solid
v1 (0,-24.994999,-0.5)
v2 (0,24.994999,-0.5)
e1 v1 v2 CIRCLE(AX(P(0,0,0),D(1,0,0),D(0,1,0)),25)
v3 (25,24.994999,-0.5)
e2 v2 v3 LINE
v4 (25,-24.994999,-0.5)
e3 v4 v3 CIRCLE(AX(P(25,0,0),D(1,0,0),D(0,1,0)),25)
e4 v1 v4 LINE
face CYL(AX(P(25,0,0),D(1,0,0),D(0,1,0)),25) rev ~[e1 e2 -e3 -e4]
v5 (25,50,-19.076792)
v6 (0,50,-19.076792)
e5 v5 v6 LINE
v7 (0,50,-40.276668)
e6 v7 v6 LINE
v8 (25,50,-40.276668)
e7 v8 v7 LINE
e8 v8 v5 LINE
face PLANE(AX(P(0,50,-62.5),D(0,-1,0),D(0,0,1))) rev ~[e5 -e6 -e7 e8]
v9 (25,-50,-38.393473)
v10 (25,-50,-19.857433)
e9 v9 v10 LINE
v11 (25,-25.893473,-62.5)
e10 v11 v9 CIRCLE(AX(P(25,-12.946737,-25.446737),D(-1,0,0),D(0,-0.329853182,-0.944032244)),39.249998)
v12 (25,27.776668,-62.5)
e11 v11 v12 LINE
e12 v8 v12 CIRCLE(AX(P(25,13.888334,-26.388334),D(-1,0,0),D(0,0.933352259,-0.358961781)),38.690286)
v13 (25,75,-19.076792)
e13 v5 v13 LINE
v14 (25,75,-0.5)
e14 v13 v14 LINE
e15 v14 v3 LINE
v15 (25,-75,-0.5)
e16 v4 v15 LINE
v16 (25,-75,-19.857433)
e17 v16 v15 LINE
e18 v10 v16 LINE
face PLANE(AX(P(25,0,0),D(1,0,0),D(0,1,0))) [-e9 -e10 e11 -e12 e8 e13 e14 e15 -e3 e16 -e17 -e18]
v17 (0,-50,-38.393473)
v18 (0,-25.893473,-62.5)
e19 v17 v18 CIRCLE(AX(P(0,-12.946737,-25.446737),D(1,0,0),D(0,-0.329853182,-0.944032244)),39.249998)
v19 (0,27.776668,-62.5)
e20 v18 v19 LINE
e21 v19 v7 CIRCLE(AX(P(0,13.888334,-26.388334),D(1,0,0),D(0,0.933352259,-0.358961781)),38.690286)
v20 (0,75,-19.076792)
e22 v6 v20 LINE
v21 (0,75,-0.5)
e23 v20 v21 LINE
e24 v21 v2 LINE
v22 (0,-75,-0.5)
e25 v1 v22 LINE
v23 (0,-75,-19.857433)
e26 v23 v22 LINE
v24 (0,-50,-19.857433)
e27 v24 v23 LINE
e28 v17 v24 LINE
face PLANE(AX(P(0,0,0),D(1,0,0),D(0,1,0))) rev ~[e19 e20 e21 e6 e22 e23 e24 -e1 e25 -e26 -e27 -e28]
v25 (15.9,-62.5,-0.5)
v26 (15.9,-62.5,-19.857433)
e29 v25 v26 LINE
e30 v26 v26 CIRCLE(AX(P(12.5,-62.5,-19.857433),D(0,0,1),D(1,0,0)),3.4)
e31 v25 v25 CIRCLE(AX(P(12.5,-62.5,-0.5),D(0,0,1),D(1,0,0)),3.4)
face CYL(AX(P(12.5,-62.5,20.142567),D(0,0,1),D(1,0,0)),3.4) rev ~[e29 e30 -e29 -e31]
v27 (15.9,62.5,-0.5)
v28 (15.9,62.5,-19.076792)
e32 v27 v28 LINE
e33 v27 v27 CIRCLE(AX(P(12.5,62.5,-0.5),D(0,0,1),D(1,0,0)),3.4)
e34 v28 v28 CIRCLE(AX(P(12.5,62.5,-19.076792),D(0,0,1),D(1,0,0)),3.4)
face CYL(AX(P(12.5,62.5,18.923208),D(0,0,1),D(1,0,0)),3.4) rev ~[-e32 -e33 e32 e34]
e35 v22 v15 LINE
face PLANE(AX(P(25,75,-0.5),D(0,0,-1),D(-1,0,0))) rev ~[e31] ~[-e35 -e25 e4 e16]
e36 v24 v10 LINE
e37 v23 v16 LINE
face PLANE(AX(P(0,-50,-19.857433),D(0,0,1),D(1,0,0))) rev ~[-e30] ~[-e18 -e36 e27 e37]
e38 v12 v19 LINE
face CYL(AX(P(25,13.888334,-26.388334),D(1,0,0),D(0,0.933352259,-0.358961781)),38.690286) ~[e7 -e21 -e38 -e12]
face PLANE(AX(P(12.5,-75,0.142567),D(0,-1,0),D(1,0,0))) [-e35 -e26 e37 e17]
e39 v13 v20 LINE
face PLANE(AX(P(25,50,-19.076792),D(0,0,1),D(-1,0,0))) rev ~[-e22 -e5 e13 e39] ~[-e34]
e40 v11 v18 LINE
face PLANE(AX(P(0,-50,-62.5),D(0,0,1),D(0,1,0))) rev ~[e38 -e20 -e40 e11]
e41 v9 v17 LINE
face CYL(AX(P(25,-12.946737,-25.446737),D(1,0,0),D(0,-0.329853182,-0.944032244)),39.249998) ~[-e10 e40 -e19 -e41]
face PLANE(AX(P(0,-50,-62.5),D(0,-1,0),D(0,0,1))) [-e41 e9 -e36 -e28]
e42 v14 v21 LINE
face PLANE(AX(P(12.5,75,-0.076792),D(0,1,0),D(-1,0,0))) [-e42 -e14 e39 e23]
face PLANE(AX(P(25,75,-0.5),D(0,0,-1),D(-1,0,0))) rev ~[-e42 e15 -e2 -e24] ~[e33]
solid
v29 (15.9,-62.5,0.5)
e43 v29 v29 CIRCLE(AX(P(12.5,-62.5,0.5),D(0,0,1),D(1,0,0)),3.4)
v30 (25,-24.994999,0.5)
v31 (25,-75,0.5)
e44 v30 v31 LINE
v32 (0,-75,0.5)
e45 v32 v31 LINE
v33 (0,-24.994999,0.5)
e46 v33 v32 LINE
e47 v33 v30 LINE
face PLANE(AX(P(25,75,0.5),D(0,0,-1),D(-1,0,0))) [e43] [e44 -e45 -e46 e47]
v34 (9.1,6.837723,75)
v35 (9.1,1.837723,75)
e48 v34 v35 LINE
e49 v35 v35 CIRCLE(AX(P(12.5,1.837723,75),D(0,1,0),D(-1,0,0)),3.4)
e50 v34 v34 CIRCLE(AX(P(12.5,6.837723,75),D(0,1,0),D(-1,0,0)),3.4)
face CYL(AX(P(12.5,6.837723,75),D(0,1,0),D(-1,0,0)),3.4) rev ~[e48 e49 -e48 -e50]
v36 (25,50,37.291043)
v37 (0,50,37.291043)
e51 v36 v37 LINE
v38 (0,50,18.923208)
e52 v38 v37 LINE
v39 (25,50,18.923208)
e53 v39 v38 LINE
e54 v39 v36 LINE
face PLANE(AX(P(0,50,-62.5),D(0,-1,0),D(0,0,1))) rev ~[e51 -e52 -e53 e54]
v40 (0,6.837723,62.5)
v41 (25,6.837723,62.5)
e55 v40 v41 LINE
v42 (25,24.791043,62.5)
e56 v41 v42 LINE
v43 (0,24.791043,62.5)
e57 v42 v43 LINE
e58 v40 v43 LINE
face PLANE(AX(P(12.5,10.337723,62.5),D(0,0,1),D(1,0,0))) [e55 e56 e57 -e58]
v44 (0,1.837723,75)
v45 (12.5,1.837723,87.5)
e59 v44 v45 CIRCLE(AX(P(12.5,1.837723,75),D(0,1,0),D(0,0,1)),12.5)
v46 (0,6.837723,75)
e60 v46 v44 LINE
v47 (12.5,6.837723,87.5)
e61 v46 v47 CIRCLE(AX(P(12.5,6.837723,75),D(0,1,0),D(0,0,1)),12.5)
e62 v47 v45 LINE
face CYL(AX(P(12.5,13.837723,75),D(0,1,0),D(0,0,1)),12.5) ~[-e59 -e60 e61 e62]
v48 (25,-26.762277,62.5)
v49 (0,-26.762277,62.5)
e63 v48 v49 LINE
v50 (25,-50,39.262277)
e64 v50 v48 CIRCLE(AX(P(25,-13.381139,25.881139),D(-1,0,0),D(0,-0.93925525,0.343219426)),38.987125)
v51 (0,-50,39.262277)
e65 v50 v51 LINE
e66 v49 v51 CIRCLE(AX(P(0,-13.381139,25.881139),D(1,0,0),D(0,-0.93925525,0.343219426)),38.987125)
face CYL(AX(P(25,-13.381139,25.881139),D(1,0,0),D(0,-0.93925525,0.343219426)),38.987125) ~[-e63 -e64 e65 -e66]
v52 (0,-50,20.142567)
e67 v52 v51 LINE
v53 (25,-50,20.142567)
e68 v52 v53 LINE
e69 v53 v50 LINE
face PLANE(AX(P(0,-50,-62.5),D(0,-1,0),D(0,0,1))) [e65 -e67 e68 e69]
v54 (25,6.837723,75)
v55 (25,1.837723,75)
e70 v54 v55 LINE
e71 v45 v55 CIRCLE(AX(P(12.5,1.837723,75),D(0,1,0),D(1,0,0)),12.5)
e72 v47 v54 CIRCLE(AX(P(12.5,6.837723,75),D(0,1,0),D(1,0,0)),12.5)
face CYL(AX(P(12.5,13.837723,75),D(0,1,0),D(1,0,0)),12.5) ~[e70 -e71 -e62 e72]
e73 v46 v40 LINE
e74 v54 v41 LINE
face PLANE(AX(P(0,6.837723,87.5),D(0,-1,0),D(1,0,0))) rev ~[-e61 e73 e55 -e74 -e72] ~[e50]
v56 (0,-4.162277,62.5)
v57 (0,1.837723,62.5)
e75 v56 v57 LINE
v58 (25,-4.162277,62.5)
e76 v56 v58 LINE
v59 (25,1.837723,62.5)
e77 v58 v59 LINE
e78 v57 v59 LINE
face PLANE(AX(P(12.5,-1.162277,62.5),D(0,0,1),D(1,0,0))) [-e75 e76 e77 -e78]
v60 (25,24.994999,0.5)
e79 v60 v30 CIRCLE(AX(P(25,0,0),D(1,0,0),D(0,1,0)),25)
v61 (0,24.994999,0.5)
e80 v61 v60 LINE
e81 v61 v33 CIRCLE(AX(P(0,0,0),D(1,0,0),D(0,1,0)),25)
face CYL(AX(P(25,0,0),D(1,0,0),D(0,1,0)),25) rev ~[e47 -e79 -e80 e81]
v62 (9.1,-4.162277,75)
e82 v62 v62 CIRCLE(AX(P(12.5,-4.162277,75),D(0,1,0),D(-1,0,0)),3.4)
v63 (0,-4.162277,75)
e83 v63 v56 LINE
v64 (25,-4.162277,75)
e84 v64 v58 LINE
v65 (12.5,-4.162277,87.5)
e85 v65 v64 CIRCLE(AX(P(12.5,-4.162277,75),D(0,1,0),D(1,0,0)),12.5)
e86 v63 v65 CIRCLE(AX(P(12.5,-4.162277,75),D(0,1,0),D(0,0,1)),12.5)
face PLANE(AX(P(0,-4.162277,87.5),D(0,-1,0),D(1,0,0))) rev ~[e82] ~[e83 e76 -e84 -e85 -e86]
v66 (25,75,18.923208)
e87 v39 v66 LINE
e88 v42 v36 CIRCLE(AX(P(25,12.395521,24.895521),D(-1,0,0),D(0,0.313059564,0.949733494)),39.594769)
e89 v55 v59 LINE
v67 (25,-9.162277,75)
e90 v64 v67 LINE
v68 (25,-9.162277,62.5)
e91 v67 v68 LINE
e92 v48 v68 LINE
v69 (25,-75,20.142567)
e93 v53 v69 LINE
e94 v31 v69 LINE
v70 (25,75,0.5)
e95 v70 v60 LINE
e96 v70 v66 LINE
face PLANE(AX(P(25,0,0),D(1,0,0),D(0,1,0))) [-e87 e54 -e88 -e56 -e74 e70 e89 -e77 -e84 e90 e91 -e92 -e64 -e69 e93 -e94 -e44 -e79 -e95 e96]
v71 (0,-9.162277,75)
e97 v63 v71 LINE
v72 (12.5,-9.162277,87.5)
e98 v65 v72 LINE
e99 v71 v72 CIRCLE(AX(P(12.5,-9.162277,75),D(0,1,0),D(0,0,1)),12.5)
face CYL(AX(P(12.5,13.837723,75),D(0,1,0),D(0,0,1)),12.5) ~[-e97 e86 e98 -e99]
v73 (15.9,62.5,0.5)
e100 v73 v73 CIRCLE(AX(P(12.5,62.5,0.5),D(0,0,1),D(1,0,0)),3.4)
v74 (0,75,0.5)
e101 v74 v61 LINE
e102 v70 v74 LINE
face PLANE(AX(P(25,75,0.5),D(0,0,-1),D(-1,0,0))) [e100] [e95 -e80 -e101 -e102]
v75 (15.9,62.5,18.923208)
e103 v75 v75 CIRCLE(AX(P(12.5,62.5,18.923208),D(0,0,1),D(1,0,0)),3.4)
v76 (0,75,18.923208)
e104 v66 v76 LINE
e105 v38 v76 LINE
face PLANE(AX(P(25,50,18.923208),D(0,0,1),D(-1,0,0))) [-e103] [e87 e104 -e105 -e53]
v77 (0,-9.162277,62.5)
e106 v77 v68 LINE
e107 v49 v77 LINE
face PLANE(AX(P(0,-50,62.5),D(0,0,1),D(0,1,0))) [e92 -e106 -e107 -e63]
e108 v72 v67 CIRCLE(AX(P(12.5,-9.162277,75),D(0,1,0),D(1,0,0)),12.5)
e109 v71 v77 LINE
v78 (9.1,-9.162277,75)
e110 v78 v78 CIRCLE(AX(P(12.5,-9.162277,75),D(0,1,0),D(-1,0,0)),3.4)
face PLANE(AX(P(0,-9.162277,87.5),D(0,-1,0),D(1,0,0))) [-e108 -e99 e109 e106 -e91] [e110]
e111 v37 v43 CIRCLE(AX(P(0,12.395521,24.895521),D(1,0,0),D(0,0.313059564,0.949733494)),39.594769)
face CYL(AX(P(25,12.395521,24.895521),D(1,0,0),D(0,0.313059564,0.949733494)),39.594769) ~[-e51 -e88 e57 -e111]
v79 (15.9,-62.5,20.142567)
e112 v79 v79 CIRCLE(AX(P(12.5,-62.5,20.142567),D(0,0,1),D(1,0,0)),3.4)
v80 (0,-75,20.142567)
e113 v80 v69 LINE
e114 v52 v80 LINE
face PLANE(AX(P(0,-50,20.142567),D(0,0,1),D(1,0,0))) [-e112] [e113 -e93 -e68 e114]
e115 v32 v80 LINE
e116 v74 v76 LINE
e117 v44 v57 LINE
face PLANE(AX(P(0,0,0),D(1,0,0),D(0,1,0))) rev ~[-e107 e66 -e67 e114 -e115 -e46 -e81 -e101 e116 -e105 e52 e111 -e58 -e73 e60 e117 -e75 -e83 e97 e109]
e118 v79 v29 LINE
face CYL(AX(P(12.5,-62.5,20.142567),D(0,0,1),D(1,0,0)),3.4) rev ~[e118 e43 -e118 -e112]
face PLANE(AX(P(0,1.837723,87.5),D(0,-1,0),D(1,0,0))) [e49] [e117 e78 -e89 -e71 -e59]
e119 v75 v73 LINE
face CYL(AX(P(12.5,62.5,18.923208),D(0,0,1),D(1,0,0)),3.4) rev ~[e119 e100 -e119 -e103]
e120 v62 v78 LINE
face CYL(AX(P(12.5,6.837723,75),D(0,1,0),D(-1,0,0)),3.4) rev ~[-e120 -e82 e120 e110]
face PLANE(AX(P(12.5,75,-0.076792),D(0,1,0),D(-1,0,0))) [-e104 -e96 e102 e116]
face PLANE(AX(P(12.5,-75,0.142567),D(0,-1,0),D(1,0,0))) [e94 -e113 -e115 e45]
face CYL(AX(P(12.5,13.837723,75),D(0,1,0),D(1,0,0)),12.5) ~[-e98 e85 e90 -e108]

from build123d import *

# Parameters (mm, degrees)
F0_W      = 100
F0_H      = 125
F1_DEPTH  = 25
F2_R      = 25
F3_DEPTH  = 25.001
F5_DEPTH  = 25.001
F6_W      = 25
F6_H      = 40
F7_DEPTH  = 25
F8_W      = 25
F8_H      = 38
F9_DEPTH  = 25
F10_W     = 25
F10_H     = 1
F11_DEPTH = 150.001
F12_R     = 3.4
F13_DEPTH = 60
F14_R     = 3.4
F15_DEPTH = 82.6435668558
F16_R     = 3.4
F17_DEPTH = 82.3584331442
F18_R     = 3.4
F19_DEPTH = 81.5777915887
F20_W     = 25
F20_H     = 30
F21_DEPTH = 25
F24_DEPTH = 88.8387229258
F22_W     = 25
F22_H     = 7
F22_H_2   = 6
F25_DEPTH = 25
F26_R     = 3.4
F27_DEPTH = 81.8387229258


with BuildPart() as f1:
    # F0 (on Right) → F1 (new body)
    with BuildSketch(Plane.YZ):
        Rectangle(F0_W, F0_H)
    extrude(amount=F1_DEPTH)

    # F2 (on face) → F3 (cut, through all)
    with BuildSketch(Plane.YZ.offset(25)):
        Circle(F2_R)
    extrude(amount=-F3_DEPTH, mode=Mode.SUBTRACT)

    # F4 (on face) → F5 (cut, through all)
    with BuildSketch(Plane.YZ.offset(25)):
        with BuildLine():
            ThreePointArc((-50, 39.2622770742), (-40.9491987099, 53.4491987099), (-26.7622770742, 62.5))
            Line((-26.7622770742, 62.5), (-50, 62.5))
            Line((-50, 62.5), (-50, 39.2622770742))
        make_face()
        with BuildLine():
            Line((50, 62.5), (24.7910425067, 62.5))
            ThreePointArc((24.7910425067, 62.5), (40.3932512412, 52.8932512412), (50, 37.2910425067))
            Line((50, 37.2910425067), (50, 62.5))
        make_face()
        with BuildLine():
            Line((50, -62.5), (50, -40.2766680345))
            ThreePointArc((50, -40.2766680345), (41.246497715, -53.746497715), (27.7766680345, -62.5))
            Line((27.7766680345, -62.5), (50, -62.5))
        make_face()
        with BuildLine():
            ThreePointArc((-25.8934732527, -62.5), (-40.7006761297, -53.2006761297), (-50, -38.3934732527))
            Line((-50, -38.3934732527), (-50, -62.5))
            Line((-50, -62.5), (-25.8934732527, -62.5))
        make_face()
    extrude(amount=-F5_DEPTH, mode=Mode.SUBTRACT)

    # F6 (on face) → F7 (join)
    with BuildSketch(Plane.XZ.offset(50)):
        with Locations((12.5, 0.1425668558)):
            Rectangle(F6_W, F6_H)
    extrude(amount=F7_DEPTH)

    # F8 (on face) → F9 (join)
    with BuildSketch(Plane(origin=(0, 50, 0), x_dir=(-1, 0, 0), z_dir=(0, 1, 0))):
        with Locations((-12.5, -0.0767915887)):
            Rectangle(F8_W, F8_H)
    extrude(amount=F9_DEPTH)

    # F10 (on face) → F11 (cut, through all)
    with BuildSketch(Plane(origin=(0, 75, 0), x_dir=(-1, 0, 0), z_dir=(0, 1, 0))):
        with Locations((-12.5, 0)):
            Rectangle(F10_W, F10_H)
    extrude(amount=-F11_DEPTH, mode=Mode.SUBTRACT)

    # F12 (on face) → F13 (cut)
    with BuildSketch(Plane.XY.offset(18.9232084113)):
        with Locations((12.5, 62.5)):
            Circle(F12_R)
    extrude(amount=-F13_DEPTH, mode=Mode.SUBTRACT)

    # F14 (on face) → F15 (cut, through all)
    with BuildSketch(Plane.XY.offset(20.1425668558)):
        with Locations((12.5, -62.5)):
            Circle(F14_R)
    extrude(amount=-F15_DEPTH, mode=Mode.SUBTRACT)

    # F16 (on face) → F17 (cut, through all)
    with BuildSketch(Plane(origin=(0, 0, -19.8574331442), x_dir=(1, 0, 0), z_dir=(0, 0, -1))):
        with Locations((12.5, 62.5)):
            Circle(F16_R)
    extrude(amount=-F17_DEPTH, mode=Mode.SUBTRACT)

    # F18 (on face) → F19 (cut, through all)
    with BuildSketch(Plane(origin=(0, 0, -19.0767915887), x_dir=(1, 0, 0), z_dir=(0, 0, -1))):
        with Locations((12.5, -62.5)):
            Circle(F18_R)
    extrude(amount=-F19_DEPTH, mode=Mode.SUBTRACT)

    # F20 (on face) → F21 (join)
    with BuildSketch(Plane.XY.offset(62.5)):
        with Locations((12.5, -1.1622770742)):
            Rectangle(F20_W, F20_H)
    extrude(amount=F21_DEPTH)

    # F23 (on face) → F24 (cut, through all)
    with BuildSketch(Plane(origin=(0, 13.8377229258, 0), x_dir=(-1, 0, 0), z_dir=(0, 1, 0))):
        with BuildLine():
            ThreePointArc((-12.5, 87.5), (-3.6611652352, 83.8388347648), (0, 75))
            Line((0, 75), (0, 87.5))
            Line((0, 87.5), (-12.5, 87.5))
        make_face()
        with BuildLine():
            ThreePointArc((-25, 75), (-21.3388347648, 83.8388347648), (-12.5, 87.5))
            Line((-12.5, 87.5), (-25, 87.5))
            Line((-25, 87.5), (-25, 75))
        make_face()
    extrude(amount=-F24_DEPTH, mode=Mode.SUBTRACT)

    # F22 (on face) → F25 (cut)
    with BuildSketch(Plane.XY.offset(87.5)):
        with Locations((12.5, -12.6622770742)):
            Rectangle(F22_W, F22_H)
        with Locations((12.5, -1.1622770742)):
            Rectangle(F22_W, F22_H_2)
        with Locations((12.5, 10.3377229258)):
            Rectangle(F22_W, F22_H)
    extrude(amount=-F25_DEPTH, mode=Mode.SUBTRACT)

    # F26 (on face) → F27 (cut, through all)
    with BuildSketch(Plane(origin=(0, 6.8377229258, 0), x_dir=(-1, 0, 0), z_dir=(0, 1, 0))):
        with Locations((-12.5, 75)):
            Circle(F26_R)
    extrude(amount=-F27_DEPTH, mode=Mode.SUBTRACT)


solid = f1.part
